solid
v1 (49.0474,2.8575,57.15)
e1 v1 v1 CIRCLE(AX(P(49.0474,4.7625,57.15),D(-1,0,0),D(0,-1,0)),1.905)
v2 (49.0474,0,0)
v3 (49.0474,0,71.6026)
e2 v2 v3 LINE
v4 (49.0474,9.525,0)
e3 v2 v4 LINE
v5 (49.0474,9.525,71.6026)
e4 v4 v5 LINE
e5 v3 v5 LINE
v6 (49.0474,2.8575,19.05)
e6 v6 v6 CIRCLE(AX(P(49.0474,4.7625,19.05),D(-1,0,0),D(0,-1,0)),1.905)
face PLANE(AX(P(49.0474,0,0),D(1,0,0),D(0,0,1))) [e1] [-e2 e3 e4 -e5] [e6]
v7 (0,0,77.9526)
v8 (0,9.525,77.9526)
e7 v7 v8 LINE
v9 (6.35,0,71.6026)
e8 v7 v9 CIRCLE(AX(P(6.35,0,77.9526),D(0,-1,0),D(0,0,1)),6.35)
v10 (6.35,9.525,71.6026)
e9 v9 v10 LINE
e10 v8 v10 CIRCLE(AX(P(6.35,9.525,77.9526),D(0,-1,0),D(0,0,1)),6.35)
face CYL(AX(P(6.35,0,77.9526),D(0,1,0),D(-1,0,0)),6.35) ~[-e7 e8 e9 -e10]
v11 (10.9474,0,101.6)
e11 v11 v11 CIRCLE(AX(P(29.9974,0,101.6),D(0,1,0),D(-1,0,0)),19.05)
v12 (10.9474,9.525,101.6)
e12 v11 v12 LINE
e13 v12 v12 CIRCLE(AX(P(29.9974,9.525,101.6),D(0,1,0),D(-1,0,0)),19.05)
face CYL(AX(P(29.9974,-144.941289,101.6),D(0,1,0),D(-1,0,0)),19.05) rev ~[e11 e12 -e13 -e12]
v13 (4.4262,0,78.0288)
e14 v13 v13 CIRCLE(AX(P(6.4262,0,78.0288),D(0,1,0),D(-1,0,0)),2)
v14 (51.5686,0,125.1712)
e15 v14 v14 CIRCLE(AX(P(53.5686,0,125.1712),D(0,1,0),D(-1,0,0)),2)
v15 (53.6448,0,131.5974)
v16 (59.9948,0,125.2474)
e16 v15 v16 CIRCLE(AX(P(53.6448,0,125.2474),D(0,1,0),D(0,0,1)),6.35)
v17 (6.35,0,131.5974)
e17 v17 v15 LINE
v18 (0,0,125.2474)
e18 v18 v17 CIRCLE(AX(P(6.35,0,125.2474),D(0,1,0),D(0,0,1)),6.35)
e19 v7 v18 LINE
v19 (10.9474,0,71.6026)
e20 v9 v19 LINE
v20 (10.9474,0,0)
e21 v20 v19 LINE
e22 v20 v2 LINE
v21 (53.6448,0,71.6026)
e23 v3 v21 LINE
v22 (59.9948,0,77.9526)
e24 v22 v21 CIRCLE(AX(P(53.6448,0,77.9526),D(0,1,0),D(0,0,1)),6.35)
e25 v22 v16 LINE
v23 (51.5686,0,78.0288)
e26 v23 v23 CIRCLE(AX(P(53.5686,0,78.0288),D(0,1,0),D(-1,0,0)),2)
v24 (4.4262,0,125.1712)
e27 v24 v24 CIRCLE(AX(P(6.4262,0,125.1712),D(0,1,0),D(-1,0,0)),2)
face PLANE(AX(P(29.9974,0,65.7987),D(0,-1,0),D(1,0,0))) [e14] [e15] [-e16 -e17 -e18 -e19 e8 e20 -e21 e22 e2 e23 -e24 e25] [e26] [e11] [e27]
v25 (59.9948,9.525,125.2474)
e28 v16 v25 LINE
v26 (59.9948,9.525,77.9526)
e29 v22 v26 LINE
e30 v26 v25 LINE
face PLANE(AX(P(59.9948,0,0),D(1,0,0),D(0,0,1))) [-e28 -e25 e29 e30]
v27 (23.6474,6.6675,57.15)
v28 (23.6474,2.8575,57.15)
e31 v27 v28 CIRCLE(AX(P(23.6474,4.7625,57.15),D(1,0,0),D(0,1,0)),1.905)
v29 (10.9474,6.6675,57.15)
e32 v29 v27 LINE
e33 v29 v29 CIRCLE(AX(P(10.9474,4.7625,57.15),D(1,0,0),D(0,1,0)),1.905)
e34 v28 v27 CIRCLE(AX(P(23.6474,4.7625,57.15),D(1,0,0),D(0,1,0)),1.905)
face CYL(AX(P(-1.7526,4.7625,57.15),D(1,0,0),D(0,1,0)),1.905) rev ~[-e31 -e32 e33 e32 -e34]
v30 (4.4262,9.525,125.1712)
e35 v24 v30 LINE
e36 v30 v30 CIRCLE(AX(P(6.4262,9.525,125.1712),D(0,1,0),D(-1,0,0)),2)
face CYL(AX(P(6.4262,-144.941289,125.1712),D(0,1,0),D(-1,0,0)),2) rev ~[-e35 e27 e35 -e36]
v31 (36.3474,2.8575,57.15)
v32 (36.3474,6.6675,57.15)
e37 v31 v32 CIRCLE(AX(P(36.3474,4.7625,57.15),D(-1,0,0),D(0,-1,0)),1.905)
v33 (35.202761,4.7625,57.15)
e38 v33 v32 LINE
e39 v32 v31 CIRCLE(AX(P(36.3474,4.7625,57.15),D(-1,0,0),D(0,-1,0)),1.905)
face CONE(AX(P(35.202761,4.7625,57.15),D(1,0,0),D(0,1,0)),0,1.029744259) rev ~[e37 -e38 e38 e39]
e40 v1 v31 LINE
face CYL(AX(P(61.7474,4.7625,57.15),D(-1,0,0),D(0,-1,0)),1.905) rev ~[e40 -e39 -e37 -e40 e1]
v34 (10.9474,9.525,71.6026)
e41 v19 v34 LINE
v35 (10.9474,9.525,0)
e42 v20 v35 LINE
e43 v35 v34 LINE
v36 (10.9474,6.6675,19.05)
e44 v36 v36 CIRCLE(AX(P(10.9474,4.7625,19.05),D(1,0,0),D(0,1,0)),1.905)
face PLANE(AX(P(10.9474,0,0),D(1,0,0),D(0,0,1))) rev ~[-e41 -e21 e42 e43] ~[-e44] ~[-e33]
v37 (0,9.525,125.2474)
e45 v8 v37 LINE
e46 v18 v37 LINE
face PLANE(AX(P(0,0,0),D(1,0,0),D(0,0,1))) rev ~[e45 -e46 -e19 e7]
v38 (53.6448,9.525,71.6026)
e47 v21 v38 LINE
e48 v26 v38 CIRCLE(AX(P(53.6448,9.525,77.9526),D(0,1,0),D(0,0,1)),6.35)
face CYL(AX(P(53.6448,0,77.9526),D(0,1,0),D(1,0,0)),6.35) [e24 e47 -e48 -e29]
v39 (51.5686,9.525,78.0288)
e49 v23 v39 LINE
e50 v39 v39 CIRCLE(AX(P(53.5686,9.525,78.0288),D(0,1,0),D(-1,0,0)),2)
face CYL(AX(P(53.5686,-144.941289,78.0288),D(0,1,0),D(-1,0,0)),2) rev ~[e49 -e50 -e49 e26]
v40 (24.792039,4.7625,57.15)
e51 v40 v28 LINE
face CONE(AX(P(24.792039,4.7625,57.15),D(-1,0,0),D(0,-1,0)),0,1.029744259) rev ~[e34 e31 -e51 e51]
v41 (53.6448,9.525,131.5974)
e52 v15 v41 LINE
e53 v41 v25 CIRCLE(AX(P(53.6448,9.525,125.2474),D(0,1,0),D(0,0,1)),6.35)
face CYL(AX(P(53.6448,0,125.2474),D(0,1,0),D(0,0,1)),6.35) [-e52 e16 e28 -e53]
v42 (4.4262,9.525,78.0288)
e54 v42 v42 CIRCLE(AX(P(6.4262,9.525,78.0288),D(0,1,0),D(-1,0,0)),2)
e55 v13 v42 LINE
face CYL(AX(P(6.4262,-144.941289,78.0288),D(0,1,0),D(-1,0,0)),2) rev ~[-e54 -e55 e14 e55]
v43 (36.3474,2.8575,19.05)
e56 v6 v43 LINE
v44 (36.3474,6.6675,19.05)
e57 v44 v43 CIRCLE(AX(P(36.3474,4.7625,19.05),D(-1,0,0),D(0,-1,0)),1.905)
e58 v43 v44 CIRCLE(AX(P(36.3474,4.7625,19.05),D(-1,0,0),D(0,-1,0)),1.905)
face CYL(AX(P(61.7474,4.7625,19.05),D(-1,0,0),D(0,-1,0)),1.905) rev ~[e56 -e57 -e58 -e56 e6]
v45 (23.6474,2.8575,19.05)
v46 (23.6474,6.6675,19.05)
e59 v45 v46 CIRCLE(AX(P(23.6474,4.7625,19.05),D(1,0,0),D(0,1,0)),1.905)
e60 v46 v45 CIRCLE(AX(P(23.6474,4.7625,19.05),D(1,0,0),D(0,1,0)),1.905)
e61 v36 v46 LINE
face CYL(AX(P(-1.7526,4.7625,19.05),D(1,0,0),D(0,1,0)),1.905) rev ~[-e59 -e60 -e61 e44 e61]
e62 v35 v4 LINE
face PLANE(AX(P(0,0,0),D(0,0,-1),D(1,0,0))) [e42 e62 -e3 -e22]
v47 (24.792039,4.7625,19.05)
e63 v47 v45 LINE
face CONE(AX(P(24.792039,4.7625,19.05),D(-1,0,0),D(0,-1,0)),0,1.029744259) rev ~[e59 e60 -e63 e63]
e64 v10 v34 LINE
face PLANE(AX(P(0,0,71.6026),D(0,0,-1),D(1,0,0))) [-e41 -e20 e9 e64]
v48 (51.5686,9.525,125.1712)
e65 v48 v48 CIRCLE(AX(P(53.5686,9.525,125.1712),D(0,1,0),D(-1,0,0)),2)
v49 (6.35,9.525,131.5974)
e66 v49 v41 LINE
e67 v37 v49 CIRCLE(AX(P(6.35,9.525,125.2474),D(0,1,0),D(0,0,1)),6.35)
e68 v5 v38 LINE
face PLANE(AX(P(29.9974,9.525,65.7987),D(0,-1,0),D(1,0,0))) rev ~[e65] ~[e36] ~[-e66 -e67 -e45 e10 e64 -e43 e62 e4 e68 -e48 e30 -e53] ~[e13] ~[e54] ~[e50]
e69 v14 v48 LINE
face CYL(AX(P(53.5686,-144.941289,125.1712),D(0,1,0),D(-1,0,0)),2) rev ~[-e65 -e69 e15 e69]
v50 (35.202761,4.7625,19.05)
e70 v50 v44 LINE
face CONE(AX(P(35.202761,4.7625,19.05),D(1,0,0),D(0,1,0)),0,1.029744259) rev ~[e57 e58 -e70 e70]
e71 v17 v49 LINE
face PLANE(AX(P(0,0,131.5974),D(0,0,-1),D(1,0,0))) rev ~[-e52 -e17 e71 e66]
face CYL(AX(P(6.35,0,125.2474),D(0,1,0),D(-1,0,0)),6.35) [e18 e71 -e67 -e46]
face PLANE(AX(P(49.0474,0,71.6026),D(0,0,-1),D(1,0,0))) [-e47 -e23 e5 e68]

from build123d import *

# Parameters (mm, degrees)
F0_W      = 59.9948
F0_H      = 131.5974
F1_DEPTH  = 9.525
F4_D      = 4
F2_W      = 10.9474
F2_H      = 71.6026
F5_DEPTH  = 9.526
F6_R      = 6.35
F8_D      = 38.1
F10_D     = 3.81
F10_DEPTH = 12.7
F10_TIP   = 1.1446394792
F12_D     = 3.81
F12_DEPTH = 12.7
F12_TIP   = 1.1446394792


with BuildPart() as f1:
    # F0 (on Front) → F1 (new body)
    with BuildSketch(Plane.XZ):
        with Locations((29.9974, 65.7987)):
            Rectangle(F0_W, F0_H)
    extrude(amount=-F1_DEPTH)

    # F4 (through all)
    with Locations(Plane.XZ):
        with Locations((6.4262, 125.1712), (6.4262, 78.0288), (53.5686, 78.0288), (53.5686, 125.1712)):
            Hole(F4_D / 2)

    # F2 (on face) → F5 (cut, through all)
    with BuildSketch(Plane.XZ):
        with Locations((5.4737, 35.8013)):
            Rectangle(F2_W, F2_H)
        with Locations((54.5211, 35.8013)):
            Rectangle(F2_W, F2_H)
    extrude(amount=-F5_DEPTH, mode=Mode.SUBTRACT)

    # F6
    f6_edges = [f1.edges().sort_by_distance(p)[0] for p in [
        (0, 4.7625, 131.5974),
        (59.9948, 4.7625, 131.5974),
        (0, 4.7625, 71.6026),
        (59.9948, 4.7625, 71.6026),
    ]]
    fillet(f6_edges, radius=F6_R)

    # F8 (through all)
    with Locations(Plane.XZ):
        with Locations((29.9974, 101.6)):
            Hole(F8_D / 2)

    # F10
    with Locations(Plane.YZ.offset(49.0474)):
        with Locations((4.7625, 57.15), (4.7625, 19.05)):
            Hole(F10_D / 2, depth=F10_DEPTH)
            with Locations((0, 0, -(F10_DEPTH + F10_TIP / 2))):  # 118° drill point
                Cone(0, F10_D / 2, F10_TIP, mode=Mode.SUBTRACT)

    # F12
    with Locations(Plane(origin=(10.9474, 0, 0), x_dir=(0, -1, 0), z_dir=(-1, 0, 0))):
        with Locations((-4.7625, 57.15), (-4.7625, 19.05)):
            Hole(F12_D / 2, depth=F12_DEPTH)
            with Locations((0, 0, -(F12_DEPTH + F12_TIP / 2))):  # 118° drill point
                Cone(0, F12_D / 2, F12_TIP, mode=Mode.SUBTRACT)


solid = f1.part
